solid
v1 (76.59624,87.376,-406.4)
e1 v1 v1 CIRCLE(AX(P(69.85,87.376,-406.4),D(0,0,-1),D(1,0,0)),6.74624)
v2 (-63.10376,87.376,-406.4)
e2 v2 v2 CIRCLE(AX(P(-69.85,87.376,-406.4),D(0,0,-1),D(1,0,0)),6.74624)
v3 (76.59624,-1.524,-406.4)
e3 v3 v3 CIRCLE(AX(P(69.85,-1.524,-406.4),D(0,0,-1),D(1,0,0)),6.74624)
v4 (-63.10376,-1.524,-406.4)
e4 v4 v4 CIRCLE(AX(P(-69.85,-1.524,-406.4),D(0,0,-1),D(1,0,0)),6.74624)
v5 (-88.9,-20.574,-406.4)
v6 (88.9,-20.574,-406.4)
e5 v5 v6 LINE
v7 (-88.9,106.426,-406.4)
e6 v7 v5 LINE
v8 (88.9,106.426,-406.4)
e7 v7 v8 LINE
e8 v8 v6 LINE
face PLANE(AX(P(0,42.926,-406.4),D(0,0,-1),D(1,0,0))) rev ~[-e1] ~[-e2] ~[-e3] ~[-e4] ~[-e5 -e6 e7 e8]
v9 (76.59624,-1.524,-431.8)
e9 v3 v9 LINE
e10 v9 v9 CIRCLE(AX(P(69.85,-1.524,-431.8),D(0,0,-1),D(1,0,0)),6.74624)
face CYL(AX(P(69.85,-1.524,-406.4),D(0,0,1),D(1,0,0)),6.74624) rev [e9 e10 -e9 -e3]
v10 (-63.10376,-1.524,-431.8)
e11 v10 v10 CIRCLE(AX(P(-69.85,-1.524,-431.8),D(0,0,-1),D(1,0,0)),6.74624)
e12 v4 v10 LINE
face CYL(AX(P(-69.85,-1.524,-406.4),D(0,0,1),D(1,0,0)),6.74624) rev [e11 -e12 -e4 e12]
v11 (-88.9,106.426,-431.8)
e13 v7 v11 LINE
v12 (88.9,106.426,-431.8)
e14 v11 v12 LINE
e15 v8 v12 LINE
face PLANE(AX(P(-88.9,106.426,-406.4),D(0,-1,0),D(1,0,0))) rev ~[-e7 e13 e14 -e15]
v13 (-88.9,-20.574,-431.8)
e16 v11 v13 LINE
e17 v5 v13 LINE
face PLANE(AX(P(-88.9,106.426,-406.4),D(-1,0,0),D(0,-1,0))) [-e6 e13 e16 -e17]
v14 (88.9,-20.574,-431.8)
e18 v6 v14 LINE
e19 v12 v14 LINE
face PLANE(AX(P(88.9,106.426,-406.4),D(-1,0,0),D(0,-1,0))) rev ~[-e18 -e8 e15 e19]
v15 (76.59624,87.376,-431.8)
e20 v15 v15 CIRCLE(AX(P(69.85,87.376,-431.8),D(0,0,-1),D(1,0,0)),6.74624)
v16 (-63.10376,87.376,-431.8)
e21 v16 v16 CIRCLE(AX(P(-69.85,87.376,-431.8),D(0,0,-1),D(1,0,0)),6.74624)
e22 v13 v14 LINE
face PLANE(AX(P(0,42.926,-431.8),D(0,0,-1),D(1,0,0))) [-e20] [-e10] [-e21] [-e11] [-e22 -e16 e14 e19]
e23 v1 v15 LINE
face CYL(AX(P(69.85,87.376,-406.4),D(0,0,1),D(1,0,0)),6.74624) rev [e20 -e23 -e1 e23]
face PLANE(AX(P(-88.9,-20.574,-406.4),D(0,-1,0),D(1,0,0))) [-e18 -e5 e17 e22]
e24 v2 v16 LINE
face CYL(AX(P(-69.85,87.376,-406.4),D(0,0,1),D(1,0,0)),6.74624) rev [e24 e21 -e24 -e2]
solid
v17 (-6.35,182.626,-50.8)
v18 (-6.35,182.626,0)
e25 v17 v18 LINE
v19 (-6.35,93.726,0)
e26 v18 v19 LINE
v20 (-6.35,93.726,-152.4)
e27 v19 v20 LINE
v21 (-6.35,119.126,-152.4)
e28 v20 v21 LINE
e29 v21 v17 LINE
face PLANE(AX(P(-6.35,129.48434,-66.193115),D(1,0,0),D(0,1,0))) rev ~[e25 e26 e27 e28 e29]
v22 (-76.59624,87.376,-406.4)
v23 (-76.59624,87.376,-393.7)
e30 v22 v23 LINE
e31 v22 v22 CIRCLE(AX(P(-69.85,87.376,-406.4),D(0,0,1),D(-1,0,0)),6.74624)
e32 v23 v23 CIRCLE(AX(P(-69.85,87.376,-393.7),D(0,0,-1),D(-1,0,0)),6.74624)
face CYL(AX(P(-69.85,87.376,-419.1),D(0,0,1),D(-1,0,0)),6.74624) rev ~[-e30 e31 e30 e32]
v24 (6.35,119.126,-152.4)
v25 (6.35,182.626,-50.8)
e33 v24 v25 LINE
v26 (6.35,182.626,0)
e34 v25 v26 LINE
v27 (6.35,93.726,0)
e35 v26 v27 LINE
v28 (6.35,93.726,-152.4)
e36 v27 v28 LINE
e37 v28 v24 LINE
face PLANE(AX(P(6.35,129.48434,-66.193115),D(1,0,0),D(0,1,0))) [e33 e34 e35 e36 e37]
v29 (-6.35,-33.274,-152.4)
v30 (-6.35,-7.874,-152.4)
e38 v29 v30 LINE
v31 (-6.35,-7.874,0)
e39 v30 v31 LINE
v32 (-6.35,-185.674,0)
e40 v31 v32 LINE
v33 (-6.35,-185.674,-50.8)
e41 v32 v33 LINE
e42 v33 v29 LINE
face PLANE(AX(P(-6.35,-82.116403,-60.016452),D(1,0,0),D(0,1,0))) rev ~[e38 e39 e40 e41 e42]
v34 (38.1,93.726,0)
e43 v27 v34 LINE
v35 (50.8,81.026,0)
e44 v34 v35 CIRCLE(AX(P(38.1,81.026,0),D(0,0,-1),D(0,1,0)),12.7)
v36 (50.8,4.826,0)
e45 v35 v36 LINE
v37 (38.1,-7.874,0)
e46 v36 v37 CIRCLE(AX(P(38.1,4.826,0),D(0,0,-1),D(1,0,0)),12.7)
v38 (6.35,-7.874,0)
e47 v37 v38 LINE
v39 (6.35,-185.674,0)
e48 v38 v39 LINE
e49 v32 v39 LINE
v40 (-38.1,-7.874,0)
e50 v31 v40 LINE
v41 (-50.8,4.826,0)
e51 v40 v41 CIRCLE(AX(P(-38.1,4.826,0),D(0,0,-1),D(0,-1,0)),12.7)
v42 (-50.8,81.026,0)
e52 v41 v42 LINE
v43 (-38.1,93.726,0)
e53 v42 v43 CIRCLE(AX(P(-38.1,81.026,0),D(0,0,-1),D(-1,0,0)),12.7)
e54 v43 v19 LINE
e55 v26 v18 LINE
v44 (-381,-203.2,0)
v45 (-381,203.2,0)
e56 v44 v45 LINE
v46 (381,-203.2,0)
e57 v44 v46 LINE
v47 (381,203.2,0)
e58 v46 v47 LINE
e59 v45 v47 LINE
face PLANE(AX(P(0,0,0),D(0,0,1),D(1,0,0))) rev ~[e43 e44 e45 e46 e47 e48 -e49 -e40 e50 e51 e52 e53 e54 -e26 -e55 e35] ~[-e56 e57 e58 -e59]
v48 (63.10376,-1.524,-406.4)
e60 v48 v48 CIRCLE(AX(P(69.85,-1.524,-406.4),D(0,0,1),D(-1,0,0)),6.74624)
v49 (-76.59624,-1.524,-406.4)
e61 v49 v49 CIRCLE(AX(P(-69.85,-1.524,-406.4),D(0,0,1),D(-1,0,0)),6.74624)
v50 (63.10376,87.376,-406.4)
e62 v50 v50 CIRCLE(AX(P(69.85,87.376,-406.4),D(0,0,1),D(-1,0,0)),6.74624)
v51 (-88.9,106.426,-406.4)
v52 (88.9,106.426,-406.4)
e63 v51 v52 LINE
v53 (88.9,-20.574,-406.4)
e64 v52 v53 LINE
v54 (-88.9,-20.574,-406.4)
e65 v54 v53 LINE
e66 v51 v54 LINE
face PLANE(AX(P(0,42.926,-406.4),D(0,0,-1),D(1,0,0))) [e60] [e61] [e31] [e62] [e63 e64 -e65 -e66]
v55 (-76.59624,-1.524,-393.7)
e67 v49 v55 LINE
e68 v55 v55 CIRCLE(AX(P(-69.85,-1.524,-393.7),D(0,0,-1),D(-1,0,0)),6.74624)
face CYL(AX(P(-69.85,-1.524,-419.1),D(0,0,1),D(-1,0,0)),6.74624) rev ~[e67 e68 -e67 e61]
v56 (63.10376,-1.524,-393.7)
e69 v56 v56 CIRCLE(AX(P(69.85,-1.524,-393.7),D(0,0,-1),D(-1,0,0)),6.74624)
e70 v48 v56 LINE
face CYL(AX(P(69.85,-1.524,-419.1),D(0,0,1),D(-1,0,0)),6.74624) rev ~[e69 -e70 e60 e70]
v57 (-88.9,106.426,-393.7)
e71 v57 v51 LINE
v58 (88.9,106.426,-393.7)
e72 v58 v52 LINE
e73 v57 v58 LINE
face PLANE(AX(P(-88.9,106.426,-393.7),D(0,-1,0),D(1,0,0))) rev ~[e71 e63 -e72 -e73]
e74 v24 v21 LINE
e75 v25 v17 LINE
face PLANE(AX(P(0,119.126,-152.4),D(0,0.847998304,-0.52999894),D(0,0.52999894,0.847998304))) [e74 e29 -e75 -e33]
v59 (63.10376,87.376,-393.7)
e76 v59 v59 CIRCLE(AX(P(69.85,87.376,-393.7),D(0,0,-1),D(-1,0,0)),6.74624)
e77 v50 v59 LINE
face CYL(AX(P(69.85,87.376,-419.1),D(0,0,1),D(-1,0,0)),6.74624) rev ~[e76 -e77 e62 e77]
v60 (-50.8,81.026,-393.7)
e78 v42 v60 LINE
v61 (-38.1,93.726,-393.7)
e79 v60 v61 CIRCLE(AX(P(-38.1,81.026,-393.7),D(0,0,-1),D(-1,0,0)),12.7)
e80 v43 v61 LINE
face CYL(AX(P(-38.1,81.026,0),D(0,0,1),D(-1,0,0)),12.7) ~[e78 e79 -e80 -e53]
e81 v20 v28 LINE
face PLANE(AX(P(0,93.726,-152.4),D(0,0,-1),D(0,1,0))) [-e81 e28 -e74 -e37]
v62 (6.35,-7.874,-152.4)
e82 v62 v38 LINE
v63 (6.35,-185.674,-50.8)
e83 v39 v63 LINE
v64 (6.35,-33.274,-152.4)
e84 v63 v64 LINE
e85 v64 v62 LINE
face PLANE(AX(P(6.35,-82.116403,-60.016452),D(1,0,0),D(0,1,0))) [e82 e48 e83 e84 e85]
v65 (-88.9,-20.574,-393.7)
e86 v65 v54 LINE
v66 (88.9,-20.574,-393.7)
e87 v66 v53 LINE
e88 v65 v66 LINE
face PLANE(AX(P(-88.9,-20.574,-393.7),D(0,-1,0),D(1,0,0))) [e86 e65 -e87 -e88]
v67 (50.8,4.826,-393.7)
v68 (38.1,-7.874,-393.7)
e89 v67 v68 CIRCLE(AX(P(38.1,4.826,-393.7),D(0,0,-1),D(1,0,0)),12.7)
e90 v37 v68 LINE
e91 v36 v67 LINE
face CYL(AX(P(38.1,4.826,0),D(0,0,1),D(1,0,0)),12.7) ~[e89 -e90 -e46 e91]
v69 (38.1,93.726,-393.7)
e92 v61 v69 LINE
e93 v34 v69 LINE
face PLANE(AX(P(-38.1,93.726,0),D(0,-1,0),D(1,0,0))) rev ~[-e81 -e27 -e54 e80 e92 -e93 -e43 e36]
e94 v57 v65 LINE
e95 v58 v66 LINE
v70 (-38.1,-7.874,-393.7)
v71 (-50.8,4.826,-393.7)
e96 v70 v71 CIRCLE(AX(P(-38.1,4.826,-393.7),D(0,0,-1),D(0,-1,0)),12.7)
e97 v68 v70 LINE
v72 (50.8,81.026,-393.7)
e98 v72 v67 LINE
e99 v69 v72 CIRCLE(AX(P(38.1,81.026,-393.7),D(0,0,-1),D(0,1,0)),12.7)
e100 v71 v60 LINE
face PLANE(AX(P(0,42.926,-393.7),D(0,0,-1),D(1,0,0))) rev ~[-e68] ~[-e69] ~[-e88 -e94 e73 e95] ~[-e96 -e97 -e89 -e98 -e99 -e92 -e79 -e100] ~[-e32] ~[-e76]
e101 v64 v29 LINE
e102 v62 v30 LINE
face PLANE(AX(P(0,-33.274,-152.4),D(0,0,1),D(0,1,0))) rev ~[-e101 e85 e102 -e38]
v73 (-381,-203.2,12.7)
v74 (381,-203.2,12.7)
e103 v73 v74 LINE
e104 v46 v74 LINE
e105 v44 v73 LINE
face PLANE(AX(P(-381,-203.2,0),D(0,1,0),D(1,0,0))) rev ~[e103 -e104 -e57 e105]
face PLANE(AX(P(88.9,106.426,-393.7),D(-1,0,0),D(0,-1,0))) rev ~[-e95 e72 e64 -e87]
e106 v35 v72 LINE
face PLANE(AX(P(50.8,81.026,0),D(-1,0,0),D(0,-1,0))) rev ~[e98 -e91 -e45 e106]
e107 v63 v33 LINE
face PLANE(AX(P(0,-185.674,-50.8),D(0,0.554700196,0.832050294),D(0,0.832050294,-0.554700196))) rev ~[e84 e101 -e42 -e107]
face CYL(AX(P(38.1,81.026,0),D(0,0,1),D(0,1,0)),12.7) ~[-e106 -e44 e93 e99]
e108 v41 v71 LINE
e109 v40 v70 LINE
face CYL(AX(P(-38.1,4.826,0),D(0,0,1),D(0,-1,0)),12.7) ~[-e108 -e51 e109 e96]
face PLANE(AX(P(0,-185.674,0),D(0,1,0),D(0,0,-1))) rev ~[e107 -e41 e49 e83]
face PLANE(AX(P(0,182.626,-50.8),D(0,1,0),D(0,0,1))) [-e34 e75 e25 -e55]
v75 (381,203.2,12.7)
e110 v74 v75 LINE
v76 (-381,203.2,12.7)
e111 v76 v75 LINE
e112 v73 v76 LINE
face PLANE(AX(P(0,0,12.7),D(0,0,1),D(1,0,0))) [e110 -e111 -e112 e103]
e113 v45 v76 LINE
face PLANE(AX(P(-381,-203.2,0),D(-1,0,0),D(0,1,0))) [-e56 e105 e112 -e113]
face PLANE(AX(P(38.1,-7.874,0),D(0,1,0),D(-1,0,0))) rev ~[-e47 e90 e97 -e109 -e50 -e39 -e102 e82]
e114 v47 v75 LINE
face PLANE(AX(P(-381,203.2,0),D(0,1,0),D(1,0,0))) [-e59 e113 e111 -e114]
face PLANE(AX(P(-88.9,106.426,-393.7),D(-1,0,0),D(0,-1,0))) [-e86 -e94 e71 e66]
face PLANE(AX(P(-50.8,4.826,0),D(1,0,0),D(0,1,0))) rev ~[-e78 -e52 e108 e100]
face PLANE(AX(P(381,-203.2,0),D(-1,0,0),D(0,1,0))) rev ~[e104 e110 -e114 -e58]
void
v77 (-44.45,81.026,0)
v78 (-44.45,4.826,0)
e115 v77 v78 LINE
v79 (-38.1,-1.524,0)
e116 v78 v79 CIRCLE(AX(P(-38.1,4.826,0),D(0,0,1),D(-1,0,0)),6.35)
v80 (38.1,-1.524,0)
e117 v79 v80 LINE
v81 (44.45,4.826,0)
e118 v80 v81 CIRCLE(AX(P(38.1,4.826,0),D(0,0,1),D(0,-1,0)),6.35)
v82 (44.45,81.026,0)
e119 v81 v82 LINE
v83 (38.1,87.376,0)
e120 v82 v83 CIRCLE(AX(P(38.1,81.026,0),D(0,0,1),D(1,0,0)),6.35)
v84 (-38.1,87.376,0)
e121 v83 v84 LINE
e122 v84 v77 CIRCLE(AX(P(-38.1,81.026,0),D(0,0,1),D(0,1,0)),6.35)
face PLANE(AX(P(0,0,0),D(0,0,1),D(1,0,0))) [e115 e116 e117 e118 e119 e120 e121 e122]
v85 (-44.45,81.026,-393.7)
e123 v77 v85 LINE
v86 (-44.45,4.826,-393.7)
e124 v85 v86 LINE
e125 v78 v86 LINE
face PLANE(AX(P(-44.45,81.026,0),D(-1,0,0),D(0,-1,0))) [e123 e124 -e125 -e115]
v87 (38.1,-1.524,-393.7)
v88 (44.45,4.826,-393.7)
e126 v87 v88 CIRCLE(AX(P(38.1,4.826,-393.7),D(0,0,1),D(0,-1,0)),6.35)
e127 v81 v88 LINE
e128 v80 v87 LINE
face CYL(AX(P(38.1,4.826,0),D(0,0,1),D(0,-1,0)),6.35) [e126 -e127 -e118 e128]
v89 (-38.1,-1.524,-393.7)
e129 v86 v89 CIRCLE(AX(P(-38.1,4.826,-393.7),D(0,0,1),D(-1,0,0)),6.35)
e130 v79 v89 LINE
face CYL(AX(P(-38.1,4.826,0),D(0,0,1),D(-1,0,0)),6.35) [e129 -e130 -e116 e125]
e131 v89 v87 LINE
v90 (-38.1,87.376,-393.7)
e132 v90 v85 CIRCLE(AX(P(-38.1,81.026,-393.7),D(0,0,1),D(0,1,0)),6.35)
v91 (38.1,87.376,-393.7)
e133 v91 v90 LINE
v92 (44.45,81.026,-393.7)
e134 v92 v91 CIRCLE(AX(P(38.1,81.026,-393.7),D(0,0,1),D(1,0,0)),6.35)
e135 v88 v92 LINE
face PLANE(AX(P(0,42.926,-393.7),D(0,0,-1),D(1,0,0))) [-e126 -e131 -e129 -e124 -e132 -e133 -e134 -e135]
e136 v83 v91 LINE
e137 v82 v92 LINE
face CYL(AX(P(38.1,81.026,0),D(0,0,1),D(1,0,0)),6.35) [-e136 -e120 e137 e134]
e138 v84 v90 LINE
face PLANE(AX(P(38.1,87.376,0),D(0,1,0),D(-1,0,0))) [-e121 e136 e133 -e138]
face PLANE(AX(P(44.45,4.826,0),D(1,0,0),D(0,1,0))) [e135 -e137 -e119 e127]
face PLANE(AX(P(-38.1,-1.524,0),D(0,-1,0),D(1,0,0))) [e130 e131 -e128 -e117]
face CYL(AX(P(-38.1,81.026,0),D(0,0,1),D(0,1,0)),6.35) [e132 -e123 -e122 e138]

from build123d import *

# Parameters (mm, degrees)
F0_W      = 762
F0_H      = 406.4
F1_DEPTH  = 12.7
F3_DEPTH  = 393.7
F4_W      = 177.8
F4_H      = 127
F5_DEPTH  = 12.7
F7_D      = 13.49248
F7_DEPTH  = 12.7
F7_TIP    = 4.0535499425
F9_DEPTH  = 6.35
F10_W     = 177.8
F10_H     = 127
F10_R     = 6.74624
F11_DEPTH = 25.4


with BuildPart() as f1:
    # F0 (on Top) → F1 (new body)
    with BuildSketch(Plane.XY):
        Rectangle(F0_W, F0_H)
    extrude(amount=F1_DEPTH)

    # F2 (on face) → F3 (join)
    with BuildSketch(Plane(origin=(0, 0, 0), x_dir=(1, 0, 0), z_dir=(0, 0, -1))):
        with BuildLine():
            ThreePointArc((-50.8, -81.026), (-47.0802561211, -90.0062561211), (-38.1, -93.726))
            Line((-38.1, -93.726), (38.1, -93.726))
            ThreePointArc((38.1, -93.726), (47.0802561211, -90.0062561211), (50.8, -81.026))
            Line((50.8, -81.026), (50.8, -4.826))
            ThreePointArc((50.8, -4.826), (47.0802561211, 4.1542561211), (38.1, 7.874))
            Line((38.1, 7.874), (-38.1, 7.874))
            ThreePointArc((-38.1, 7.874), (-47.0802561211, 4.1542561211), (-50.8, -4.826))
            Line((-50.8, -4.826), (-50.8, -81.026))
        make_face()
        with BuildLine():
            ThreePointArc((-44.45, -4.826), (-42.5901280605, -0.3358719395), (-38.1, 1.524))
            Line((-38.1, 1.524), (38.1, 1.524))
            ThreePointArc((38.1, 1.524), (42.5901280605, -0.3358719395), (44.45, -4.826))
            Line((44.45, -4.826), (44.45, -81.026))
            ThreePointArc((44.45, -81.026), (42.5901280605, -85.5161280605), (38.1, -87.376))
            Line((38.1, -87.376), (-38.1, -87.376))
            ThreePointArc((-38.1, -87.376), (-42.5901280605, -85.5161280605), (-44.45, -81.026))
            Line((-44.45, -81.026), (-44.45, -4.826))
        make_face(mode=Mode.SUBTRACT)
    extrude(amount=F3_DEPTH)

    # F4 (on face) → F5 (join)
    with BuildSketch(Plane(origin=(0, 0, -393.7), x_dir=(1, 0, 0), z_dir=(0, 0, -1))):
        with Locations((0, -42.926)):
            Rectangle(F4_W, F4_H)
        with BuildLine():
            ThreePointArc((-38.1, -93.726), (-47.0802561211, -90.0062561211), (-50.8, -81.026))
            Line((-50.8, -81.026), (-50.8, -4.826))
            ThreePointArc((-50.8, -4.826), (-47.0802561211, 4.1542561211), (-38.1, 7.874))
            Line((-38.1, 7.874), (38.1, 7.874))
            ThreePointArc((38.1, 7.874), (47.0802561211, 4.1542561211), (50.8, -4.826))
            Line((50.8, -4.826), (50.8, -81.026))
            ThreePointArc((50.8, -81.026), (47.0802561211, -90.0062561211), (38.1, -93.726))
            Line((38.1, -93.726), (-38.1, -93.726))
        make_face(mode=Mode.SUBTRACT)
        with BuildLine():
            Line((-50.8, -4.826), (-50.8, -81.026))
            ThreePointArc((-50.8, -81.026), (-47.0802561211, -90.0062561211), (-38.1, -93.726))
            Line((-38.1, -93.726), (38.1, -93.726))
            ThreePointArc((38.1, -93.726), (47.0802561211, -90.0062561211), (50.8, -81.026))
            Line((50.8, -81.026), (50.8, -4.826))
            ThreePointArc((50.8, -4.826), (47.0802561211, 4.1542561211), (38.1, 7.874))
            Line((38.1, 7.874), (-38.1, 7.874))
            ThreePointArc((-38.1, 7.874), (-47.0802561211, 4.1542561211), (-50.8, -4.826))
        make_face()
        with BuildLine():
            Line((-44.45, -81.026), (-44.45, -4.826))
            ThreePointArc((-44.45, -4.826), (-42.5901280605, -0.3358719395), (-38.1, 1.524))
            Line((-38.1, 1.524), (38.1, 1.524))
            ThreePointArc((38.1, 1.524), (42.5901280605, -0.3358719395), (44.45, -4.826))
            Line((44.45, -4.826), (44.45, -81.026))
            ThreePointArc((44.45, -81.026), (42.5901280605, -85.5161280605), (38.1, -87.376))
            Line((38.1, -87.376), (-38.1, -87.376))
            ThreePointArc((-38.1, -87.376), (-42.5901280605, -85.5161280605), (-44.45, -81.026))
        make_face(mode=Mode.SUBTRACT)
        with BuildLine():
            ThreePointArc((-38.1, 1.524), (-42.5901280605, -0.3358719395), (-44.45, -4.826))
            Line((-44.45, -4.826), (-44.45, -81.026))
            ThreePointArc((-44.45, -81.026), (-42.5901280605, -85.5161280605), (-38.1, -87.376))
            Line((-38.1, -87.376), (38.1, -87.376))
            ThreePointArc((38.1, -87.376), (42.5901280605, -85.5161280605), (44.45, -81.026))
            Line((44.45, -81.026), (44.45, -4.826))
            ThreePointArc((44.45, -4.826), (42.5901280605, -0.3358719395), (38.1, 1.524))
            Line((38.1, 1.524), (-38.1, 1.524))
        make_face()
    extrude(amount=F5_DEPTH)

    # F7
    with Locations(Plane(origin=(0, 0, -406.4), x_dir=(1, 0, 0), z_dir=(0, 0, -1))):
        with Locations((-69.85, 1.524), (-69.85, -87.376), (69.85, -87.376), (69.85, 1.524)):
            Hole(F7_D / 2, depth=F7_DEPTH)
            with Locations((0, 0, -(F7_DEPTH + F7_TIP / 2))):  # 118° drill point
                Cone(0, F7_D / 2, F7_TIP, mode=Mode.SUBTRACT)

    # F8 (on Right) → F9 (join, symmetric)
    with BuildSketch(Plane.YZ):
        Polygon((-7.874, -152.4), (-7.874, 0), (-185.674, 0), (-185.674, -50.8), (-33.274, -152.4), align=None)
        Polygon((182.626, 0), (93.726, 0), (93.726, -152.4), (119.126, -152.4), (182.626, -50.8), align=None)
    extrude(amount=F9_DEPTH, both=True)


with BuildPart() as f11:
    # F10 (on face) → F11 (new body)
    with BuildSketch(Plane(origin=(0, 0, -406.4), x_dir=(1, 0, 0), z_dir=(0, 0, -1))):
        with Locations((0, -42.926)):
            Rectangle(F10_W, F10_H)
        with Locations((-69.85, -87.376)):
            Circle(F10_R, mode=Mode.SUBTRACT)
        with Locations((69.85, -87.376)):
            Circle(F10_R, mode=Mode.SUBTRACT)
        with Locations((-69.85, 1.524)):
            Circle(F10_R, mode=Mode.SUBTRACT)
        with Locations((69.85, 1.524)):
            Circle(F10_R, mode=Mode.SUBTRACT)
    extrude(amount=F11_DEPTH)


solid = Compound([f1.part, f11.part])
